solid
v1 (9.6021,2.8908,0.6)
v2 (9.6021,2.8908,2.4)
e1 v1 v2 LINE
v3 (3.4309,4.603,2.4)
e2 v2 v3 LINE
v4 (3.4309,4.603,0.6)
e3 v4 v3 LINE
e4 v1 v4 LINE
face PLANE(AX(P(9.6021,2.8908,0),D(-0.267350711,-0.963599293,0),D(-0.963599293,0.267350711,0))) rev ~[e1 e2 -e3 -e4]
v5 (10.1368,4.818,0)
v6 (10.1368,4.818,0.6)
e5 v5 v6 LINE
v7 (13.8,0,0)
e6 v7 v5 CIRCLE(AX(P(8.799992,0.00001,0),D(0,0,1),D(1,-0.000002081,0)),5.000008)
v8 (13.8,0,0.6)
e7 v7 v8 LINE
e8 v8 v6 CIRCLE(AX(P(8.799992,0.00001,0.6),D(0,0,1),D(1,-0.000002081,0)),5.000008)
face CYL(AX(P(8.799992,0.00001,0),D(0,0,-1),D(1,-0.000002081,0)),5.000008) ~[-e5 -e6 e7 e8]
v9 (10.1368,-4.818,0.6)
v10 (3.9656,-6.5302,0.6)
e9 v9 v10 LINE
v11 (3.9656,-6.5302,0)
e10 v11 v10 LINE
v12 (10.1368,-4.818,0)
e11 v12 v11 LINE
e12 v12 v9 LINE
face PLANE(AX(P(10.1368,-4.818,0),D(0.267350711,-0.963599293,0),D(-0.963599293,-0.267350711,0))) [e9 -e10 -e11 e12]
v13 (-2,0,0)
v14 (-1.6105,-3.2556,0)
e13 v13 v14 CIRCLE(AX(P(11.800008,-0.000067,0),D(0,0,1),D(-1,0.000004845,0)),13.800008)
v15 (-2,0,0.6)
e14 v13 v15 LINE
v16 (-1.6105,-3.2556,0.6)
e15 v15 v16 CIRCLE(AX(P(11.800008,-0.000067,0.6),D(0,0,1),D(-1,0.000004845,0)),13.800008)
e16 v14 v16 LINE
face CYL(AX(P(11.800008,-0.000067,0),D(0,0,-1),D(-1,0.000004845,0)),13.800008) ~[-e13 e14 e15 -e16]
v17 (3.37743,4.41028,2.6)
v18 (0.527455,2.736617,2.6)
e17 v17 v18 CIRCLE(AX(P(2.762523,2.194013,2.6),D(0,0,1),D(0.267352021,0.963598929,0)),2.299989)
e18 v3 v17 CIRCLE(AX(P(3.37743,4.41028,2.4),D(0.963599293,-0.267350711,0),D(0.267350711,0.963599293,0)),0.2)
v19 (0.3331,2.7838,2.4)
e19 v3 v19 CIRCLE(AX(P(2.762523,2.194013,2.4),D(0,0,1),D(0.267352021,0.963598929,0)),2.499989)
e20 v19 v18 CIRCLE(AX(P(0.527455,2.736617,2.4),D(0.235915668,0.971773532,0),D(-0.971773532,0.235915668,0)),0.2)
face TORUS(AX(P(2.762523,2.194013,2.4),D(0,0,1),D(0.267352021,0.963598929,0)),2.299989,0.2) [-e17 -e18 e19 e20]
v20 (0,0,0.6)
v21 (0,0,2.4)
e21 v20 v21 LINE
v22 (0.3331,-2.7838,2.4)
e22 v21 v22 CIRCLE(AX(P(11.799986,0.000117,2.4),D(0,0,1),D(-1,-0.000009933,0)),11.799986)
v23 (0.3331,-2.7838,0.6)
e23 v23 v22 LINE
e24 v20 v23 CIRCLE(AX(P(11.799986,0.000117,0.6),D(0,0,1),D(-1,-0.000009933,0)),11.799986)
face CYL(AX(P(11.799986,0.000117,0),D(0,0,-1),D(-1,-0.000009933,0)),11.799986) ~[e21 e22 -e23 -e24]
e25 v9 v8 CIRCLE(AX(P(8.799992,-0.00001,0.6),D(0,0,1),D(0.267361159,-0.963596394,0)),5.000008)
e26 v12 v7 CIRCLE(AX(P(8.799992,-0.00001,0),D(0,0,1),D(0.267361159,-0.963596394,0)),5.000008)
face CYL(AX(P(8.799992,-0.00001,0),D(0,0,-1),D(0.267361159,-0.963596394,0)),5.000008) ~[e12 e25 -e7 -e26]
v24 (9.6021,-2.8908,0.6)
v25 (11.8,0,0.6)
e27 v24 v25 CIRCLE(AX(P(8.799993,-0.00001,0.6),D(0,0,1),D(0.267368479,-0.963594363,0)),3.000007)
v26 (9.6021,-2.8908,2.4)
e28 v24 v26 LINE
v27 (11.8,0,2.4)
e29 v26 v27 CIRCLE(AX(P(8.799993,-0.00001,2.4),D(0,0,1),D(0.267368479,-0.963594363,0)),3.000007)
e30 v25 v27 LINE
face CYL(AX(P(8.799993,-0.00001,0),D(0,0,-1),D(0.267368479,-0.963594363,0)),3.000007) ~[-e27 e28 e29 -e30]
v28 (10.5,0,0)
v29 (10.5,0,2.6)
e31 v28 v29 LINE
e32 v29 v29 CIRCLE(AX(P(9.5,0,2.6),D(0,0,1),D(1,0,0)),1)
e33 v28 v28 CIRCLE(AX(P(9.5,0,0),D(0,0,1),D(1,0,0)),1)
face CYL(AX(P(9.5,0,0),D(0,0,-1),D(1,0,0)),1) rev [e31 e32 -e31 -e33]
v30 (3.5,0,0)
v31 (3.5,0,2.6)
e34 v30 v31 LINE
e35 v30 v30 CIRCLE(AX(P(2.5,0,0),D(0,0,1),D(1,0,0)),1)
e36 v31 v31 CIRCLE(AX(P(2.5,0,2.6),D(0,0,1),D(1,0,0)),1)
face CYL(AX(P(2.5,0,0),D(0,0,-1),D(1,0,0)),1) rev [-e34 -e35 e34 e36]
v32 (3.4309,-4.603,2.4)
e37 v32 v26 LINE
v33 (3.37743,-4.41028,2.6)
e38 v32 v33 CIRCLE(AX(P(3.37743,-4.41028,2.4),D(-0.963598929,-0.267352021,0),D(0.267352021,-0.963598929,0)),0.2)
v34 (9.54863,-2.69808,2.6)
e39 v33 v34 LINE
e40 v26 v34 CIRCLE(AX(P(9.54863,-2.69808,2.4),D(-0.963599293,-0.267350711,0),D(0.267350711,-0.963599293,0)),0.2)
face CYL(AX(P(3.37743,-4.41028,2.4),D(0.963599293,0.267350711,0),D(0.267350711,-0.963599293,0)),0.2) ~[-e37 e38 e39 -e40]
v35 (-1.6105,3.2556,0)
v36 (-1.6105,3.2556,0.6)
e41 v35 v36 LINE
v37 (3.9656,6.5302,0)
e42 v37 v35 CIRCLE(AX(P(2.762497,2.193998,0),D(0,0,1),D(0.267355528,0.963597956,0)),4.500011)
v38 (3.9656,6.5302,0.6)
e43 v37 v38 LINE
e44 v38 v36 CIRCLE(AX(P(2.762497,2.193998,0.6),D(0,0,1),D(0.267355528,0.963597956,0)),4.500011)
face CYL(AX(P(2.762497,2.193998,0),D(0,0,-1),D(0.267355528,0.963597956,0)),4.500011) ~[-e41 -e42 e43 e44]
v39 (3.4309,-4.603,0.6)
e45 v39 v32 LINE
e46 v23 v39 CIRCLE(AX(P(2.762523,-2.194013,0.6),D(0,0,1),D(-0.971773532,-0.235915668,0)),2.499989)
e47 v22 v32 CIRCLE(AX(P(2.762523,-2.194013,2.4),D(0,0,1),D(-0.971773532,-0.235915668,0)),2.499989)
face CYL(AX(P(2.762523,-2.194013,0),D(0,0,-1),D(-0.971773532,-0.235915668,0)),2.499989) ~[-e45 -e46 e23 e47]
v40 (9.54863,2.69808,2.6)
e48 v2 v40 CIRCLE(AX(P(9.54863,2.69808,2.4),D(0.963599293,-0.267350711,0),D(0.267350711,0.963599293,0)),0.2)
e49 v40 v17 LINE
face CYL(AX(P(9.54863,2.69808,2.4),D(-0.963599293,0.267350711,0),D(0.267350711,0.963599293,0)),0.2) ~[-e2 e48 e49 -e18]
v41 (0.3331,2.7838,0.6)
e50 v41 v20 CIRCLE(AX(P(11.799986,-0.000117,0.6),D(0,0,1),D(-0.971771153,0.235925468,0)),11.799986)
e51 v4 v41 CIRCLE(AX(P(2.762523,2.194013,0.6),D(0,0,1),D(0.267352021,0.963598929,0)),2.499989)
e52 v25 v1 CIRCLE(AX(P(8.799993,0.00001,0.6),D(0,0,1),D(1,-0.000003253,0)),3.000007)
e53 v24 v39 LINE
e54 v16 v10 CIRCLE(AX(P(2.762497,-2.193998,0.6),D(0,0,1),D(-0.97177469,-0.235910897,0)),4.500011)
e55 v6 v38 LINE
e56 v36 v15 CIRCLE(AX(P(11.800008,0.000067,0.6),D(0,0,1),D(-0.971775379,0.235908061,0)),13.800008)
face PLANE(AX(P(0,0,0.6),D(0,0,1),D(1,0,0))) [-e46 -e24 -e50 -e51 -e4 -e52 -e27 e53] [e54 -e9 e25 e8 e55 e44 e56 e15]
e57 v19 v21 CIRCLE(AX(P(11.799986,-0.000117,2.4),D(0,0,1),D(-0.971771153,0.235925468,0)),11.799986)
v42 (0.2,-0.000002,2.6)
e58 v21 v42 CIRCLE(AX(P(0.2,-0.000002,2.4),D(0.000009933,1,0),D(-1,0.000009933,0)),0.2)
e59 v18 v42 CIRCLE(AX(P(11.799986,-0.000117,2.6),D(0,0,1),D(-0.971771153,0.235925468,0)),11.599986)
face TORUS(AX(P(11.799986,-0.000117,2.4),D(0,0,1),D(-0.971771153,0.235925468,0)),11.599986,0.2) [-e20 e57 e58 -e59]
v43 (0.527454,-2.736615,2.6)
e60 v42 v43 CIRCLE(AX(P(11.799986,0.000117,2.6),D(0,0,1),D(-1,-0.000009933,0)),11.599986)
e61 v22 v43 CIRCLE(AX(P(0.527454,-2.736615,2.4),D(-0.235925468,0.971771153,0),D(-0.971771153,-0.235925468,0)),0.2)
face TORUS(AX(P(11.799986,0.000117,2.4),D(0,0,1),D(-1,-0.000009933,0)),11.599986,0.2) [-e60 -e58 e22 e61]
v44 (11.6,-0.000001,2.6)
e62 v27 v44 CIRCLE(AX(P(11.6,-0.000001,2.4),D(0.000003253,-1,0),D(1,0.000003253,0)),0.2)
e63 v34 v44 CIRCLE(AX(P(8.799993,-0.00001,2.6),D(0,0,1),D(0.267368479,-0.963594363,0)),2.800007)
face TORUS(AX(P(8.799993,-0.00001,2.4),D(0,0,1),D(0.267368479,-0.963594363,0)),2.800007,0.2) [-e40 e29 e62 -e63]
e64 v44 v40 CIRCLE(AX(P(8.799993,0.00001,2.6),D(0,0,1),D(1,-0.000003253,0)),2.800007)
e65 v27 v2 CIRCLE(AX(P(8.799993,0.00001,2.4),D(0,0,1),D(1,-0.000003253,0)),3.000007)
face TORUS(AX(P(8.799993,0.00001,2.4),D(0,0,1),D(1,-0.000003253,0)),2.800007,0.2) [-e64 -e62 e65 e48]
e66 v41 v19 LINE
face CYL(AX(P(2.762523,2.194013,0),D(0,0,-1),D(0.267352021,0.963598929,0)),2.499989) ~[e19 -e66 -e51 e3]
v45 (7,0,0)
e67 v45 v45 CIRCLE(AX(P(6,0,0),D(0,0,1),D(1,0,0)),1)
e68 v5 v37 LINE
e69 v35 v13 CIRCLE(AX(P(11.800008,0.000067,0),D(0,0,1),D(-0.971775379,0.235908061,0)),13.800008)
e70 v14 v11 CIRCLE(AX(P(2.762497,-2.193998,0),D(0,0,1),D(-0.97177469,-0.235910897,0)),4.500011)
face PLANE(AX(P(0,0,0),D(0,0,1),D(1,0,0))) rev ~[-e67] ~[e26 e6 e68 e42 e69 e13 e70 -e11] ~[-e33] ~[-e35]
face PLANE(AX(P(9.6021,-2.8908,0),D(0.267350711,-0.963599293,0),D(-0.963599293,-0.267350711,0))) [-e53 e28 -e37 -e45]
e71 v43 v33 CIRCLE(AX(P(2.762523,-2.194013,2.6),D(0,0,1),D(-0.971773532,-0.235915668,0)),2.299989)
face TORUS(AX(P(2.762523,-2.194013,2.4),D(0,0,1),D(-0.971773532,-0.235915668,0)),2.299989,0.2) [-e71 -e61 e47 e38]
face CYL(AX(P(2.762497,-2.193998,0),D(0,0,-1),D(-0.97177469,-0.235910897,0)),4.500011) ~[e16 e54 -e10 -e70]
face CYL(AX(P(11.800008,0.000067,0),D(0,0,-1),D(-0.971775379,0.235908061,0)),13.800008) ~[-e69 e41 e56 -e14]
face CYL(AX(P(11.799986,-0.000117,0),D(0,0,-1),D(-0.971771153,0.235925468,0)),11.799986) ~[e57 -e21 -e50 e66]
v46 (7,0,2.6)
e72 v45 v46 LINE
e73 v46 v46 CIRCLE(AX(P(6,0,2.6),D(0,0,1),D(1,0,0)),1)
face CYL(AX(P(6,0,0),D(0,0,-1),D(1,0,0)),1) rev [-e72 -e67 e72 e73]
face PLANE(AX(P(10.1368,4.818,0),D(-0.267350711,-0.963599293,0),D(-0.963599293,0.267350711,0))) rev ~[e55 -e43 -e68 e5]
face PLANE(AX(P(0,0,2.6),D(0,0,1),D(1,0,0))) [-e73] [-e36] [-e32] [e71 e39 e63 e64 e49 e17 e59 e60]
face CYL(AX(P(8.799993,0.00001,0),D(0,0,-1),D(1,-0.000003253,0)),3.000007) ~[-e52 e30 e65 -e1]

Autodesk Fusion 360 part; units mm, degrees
sketch "Sketch1" plane through (0, 0, 0) normal (0, 0, 1) x (1, 0, 0)
  line L0 (0, 0) -> (11.8, 0) construction
  line L1 (2, 0) -> (2, 4.9481) construction
  line L2 (9.6021, 2.8908) -> (3.4309, 4.603)
  arc A0 (0.3331, 2.7838) -> (0, 0) centre (11.8, 0) ccw
  arc A1 (11.8, 0) -> (9.6021, 2.8908) centre (8.8, 0) ccw
  arc A2 (3.4309, 4.603) -> (0.3331, 2.7838) centre (2.7625, 2.194) ccw
  arc A3 (0, 0) -> (0.3331, -2.7838) centre (11.8, 0) ccw
  arc A4 (0.3331, -2.7838) -> (3.4309, -4.603) centre (2.7625, -2.194) ccw
  line L3 (9.6021, -2.8908) -> (3.4309, -4.603)
  arc A5 (9.6021, -2.8908) -> (11.8, 0) centre (8.8, 0) ccw
  circle A6 centre (6, 0) radius 1
  circle A7 centre (2.5, 0) radius 1
  circle A8 centre (9.5, 0) radius 1
  arc A9 (-2, 0) -> (-1.6105, -3.2556) centre (11.8, 0) ccw
  arc A10 (-1.6105, -3.2556) -> (3.9656, -6.5302) centre (2.7625, -2.194) ccw
  line L4 (10.1368, -4.818) -> (3.9656, -6.5302)
  arc A11 (10.1368, -4.818) -> (13.8, 0) centre (8.8, 0) ccw
  arc A12 (13.8, 0) -> (10.1368, 4.818) centre (8.8, 0) ccw
  line L5 (10.1368, 4.818) -> (3.9656, 6.5302)
  arc A13 (3.9656, 6.5302) -> (-1.6105, 3.2556) centre (2.7625, 2.194) ccw
  arc A14 (-1.6105, 3.2556) -> (-2, 0) centre (11.8, 0) ccw
  dimension "d1" = 11.8
  dimension "d2" = 6
  dimension "d4" = 5
  dimension "d5" = 2
  dimension "d6" = 6
  dimension "d7" = 2
  dimension "d8" = 2.5
  dimension "d9" = 2
  dimension "d10" = 3.5
  dimension "d11" = 2
extrude "Extrude1" add sketch "Sketch1" along normal blind 2.6 contours L2 A0 A1 A2 A3 A4 L3 A5
extrude "Extrude2" add sketch "Sketch1" along normal blind 0.6 contours A9 A10 L4 A11 A12 L5 A13 A14
fillet "Fillet1" radius 0.2 6 edges at (6.5165, 3.7469, 2.6) (1.4965, 4.3498, 2.6) (0, 0, 2.6) (1.4965, -4.3498, 2.6) (6.5165, -3.7469, 2.6) (11.8, 0, 2.6)
